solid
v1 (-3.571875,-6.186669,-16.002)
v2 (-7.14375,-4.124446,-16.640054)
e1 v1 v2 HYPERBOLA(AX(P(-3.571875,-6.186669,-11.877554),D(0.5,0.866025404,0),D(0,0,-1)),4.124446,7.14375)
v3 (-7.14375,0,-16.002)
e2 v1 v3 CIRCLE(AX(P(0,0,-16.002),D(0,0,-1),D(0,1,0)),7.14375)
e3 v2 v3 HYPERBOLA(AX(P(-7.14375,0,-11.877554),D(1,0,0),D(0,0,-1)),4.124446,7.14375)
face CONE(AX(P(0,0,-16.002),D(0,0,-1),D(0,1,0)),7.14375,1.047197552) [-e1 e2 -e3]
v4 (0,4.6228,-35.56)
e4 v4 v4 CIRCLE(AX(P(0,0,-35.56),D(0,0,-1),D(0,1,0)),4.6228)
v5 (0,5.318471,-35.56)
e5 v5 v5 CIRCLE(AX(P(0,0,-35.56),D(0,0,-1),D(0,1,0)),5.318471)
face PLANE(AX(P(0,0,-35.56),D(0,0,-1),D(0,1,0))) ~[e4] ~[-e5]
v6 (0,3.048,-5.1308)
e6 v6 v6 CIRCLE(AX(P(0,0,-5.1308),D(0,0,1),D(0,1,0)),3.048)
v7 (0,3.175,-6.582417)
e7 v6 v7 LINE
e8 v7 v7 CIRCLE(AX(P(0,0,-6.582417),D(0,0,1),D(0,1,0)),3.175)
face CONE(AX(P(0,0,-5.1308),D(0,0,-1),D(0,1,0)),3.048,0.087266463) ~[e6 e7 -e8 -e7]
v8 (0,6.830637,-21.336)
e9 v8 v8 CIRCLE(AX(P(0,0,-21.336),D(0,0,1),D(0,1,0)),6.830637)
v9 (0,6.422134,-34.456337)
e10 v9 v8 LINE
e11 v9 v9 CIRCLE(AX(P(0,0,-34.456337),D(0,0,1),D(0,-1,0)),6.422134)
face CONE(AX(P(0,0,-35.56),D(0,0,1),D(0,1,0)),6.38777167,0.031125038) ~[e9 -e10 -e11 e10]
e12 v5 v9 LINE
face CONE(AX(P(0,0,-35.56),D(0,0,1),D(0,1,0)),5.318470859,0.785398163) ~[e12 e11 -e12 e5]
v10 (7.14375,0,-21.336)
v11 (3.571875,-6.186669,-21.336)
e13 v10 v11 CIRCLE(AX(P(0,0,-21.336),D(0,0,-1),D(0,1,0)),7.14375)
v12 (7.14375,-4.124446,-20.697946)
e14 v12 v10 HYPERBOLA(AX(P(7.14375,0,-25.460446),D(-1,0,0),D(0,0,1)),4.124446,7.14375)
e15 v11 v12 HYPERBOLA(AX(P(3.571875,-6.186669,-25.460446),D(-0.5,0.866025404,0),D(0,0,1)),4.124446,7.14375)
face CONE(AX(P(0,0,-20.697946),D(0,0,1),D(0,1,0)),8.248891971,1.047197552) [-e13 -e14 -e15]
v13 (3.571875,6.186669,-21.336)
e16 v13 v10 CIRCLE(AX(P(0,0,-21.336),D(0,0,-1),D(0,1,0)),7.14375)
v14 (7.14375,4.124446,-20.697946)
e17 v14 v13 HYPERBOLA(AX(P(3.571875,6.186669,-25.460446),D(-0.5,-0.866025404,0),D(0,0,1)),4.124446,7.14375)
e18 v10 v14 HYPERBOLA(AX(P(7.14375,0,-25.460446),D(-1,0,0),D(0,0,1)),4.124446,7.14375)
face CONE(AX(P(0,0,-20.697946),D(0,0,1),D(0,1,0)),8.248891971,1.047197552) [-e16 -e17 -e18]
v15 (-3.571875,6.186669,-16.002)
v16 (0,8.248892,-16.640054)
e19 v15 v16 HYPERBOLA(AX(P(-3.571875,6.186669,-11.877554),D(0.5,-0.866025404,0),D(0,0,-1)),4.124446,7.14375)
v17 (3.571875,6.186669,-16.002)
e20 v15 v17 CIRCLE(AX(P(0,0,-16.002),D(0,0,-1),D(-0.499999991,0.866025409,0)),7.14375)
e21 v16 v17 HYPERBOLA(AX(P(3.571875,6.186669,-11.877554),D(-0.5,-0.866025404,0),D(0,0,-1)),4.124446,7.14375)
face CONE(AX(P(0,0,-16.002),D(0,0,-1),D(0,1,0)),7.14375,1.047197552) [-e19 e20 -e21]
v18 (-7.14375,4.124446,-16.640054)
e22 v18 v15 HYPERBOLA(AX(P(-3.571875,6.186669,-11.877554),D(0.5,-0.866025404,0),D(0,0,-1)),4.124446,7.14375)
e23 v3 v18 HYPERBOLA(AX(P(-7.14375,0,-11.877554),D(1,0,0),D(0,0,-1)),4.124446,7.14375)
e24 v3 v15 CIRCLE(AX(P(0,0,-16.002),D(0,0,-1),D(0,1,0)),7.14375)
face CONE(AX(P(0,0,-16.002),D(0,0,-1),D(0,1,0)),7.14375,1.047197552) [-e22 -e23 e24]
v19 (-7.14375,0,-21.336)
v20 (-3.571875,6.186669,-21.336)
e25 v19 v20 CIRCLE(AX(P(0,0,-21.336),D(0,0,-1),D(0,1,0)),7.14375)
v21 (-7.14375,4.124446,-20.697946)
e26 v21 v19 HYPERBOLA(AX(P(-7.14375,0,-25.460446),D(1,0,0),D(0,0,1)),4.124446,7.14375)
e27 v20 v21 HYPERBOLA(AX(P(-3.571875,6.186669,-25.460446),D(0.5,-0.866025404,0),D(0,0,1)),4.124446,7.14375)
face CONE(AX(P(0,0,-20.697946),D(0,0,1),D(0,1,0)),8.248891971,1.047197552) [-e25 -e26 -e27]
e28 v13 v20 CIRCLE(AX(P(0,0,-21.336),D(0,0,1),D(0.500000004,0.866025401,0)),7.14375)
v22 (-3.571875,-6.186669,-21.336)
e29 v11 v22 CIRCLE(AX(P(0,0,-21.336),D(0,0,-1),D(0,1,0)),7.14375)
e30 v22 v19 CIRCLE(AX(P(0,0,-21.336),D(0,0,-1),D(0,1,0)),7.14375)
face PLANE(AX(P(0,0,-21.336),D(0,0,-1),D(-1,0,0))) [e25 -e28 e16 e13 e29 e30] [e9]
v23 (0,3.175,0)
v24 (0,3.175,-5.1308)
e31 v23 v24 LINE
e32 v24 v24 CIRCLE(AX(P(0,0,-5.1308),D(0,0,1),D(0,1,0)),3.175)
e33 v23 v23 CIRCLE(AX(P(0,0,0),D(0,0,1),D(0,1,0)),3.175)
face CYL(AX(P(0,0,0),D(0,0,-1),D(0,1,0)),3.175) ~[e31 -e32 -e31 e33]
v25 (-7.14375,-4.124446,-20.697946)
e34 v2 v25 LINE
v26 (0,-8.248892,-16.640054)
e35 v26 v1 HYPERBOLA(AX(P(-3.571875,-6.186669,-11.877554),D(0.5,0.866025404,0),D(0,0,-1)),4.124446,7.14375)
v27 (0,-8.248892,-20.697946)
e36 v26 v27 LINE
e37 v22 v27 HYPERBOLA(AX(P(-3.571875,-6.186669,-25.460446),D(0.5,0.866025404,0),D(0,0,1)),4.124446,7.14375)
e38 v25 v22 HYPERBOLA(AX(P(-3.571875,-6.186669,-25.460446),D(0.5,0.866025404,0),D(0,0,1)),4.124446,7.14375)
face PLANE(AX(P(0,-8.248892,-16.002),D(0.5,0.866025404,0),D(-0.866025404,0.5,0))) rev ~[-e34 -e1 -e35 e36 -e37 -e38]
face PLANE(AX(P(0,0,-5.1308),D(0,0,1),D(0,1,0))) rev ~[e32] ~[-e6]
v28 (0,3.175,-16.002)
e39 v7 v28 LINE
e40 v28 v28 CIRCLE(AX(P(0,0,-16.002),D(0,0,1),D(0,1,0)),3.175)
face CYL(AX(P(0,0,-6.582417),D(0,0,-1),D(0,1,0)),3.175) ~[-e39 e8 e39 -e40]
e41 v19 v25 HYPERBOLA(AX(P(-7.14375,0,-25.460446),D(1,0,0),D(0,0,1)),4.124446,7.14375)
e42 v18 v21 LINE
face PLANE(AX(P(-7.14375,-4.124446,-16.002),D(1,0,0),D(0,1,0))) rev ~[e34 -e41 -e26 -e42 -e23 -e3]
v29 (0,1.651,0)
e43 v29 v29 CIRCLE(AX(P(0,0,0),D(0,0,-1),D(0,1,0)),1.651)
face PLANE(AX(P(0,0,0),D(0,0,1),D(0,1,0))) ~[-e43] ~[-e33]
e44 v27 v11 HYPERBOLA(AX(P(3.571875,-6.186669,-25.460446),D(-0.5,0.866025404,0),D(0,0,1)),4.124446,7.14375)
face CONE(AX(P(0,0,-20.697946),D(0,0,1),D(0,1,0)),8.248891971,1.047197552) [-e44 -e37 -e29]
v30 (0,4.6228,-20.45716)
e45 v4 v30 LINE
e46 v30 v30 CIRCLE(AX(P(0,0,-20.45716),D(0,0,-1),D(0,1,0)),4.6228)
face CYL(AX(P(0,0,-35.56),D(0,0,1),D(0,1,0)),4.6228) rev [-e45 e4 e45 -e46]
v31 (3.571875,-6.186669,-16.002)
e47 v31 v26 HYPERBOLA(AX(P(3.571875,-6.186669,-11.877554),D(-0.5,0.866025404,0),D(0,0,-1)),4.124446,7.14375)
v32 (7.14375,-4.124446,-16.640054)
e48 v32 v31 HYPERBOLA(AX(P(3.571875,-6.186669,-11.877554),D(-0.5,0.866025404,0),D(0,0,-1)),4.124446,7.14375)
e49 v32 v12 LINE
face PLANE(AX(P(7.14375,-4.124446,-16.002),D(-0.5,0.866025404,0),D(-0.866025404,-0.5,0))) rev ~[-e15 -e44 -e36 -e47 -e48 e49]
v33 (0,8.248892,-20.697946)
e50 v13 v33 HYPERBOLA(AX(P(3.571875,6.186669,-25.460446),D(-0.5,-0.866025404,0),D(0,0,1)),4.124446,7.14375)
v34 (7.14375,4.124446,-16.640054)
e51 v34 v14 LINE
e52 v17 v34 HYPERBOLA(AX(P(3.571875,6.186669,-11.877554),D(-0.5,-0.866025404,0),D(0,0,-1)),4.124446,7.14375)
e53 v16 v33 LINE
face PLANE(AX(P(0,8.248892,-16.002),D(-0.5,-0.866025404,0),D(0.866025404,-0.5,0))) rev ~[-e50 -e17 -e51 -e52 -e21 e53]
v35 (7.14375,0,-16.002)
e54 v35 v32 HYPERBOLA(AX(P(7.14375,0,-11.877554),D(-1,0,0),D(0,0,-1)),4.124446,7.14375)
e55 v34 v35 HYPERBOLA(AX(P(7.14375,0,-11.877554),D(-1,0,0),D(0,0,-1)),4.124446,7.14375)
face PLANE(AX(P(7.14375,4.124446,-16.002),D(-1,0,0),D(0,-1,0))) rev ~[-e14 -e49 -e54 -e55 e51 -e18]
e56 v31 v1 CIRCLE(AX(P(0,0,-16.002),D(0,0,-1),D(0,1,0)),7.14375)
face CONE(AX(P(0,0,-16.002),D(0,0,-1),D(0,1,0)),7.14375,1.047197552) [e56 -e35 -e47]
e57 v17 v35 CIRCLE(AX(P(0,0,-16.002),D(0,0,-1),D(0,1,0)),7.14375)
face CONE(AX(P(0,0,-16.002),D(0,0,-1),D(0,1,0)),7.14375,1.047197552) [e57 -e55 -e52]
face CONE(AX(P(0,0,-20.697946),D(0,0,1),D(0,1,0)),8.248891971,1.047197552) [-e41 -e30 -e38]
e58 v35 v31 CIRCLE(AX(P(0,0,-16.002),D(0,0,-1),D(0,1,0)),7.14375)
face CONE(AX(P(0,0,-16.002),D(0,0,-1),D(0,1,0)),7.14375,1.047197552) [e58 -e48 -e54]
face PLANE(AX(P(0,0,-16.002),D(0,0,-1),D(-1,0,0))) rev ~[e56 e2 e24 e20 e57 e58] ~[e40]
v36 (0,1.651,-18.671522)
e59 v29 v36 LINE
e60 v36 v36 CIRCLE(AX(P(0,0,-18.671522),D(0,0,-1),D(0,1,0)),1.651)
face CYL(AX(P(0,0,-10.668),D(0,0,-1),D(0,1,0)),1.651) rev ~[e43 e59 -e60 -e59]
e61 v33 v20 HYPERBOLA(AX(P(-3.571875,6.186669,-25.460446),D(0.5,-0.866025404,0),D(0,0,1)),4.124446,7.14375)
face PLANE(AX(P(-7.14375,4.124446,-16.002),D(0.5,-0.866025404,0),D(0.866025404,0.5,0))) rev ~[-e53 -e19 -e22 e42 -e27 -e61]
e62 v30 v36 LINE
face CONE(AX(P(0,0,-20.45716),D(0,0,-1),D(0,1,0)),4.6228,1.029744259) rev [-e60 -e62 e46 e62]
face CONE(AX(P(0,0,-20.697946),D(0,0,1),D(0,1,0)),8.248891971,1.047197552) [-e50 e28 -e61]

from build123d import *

# Parameters (mm, degrees)
BOSS_EXTRUDE1_DEPTH = 5.334
SKETCH4_W           = 21.336
SKETCH4_H           = 1.651


with BuildPart() as part:
    # Sketch2 → Revolve1 (revolve)
    with BuildSketch(Plane(origin=(0, 0, 0), x_dir=(0, 0, -1), z_dir=(1, 0, 0))):
        Polygon((5.1308, 3.175), (5.1308, 3.048), (6.582416642, 3.175), (16.002, 3.175), (16.002, 0), (0, 0), (0, 3.175), align=None)
    revolve(axis=Axis((0, 0, -16.002), (0, 0, 1)))

    # Sketch3 → Boss-Extrude1 (add)
    with BuildSketch(Plane(origin=(0, 0, -16.002), x_dir=(-1, 0, 0), z_dir=(0, 0, -1))):
        Polygon((0, 8.248891971), (-7.14375, 4.124445986), (-7.14375, -4.124445986), (0, -8.248891971), (7.14375, -4.124445986), (7.14375, 4.124445986), align=None)
    extrude(amount=BOSS_EXTRUDE1_DEPTH)

    # Sketch4 → Cut-Revolve1 (revolve, cut)
    with BuildSketch(Plane(origin=(0, 0, 0), x_dir=(0, 0, -1), z_dir=(1, 0, 0))):
        Polygon((16.002, 8.248891971), (16.002, 7.14375), (16.640054014, 8.248891971), (20.697945986, 8.248891971), (21.336, 7.14375), (21.336, 8.248891971), (21.336, 9.354033942), (16.002, 9.354033942), align=None)
        with Locations((10.668, 0.8255)):
            Rectangle(SKETCH4_W, SKETCH4_H)
    revolve(axis=Axis((0, 0, 0), (0, 0, -1)), mode=Mode.SUBTRACT)


with BuildPart() as body_2:
    # Sketch5 → Revolve2 (revolve)
    with BuildSketch(Plane(origin=(0, 0, 0), x_dir=(0, 0, -1), z_dir=(1, 0, 0))):
        Polygon((20.45716, 0), (35.56, 0), (35.56, 6.38777167), (20.45716, 6.858), align=None)
    revolve(axis=Axis((0, 0, -20.45716), (0, 0, -1)))


with BuildPart() as part_1:
    add(part.part)

    # Combine1: union body 2
    add(body_2.part)

    # Sketch8 → Cut-Revolve2 (revolve, cut)
    with BuildSketch(Plane(origin=(0, 0, 0), x_dir=(0, 0, -1), z_dir=(1, 0, 0))):
        Polygon((35.56, 5.318470859), (34.33794193, 6.540528929), (35.56, 6.540528929), align=None)
        Polygon((35.56, 4.6228), (20.45716, 4.6228), (17.67950153, 0), (35.56, 0), align=None)
    revolve(axis=Axis((0, 0, 0), (0, 0, -1)), mode=Mode.SUBTRACT)


solid = part_1.part
